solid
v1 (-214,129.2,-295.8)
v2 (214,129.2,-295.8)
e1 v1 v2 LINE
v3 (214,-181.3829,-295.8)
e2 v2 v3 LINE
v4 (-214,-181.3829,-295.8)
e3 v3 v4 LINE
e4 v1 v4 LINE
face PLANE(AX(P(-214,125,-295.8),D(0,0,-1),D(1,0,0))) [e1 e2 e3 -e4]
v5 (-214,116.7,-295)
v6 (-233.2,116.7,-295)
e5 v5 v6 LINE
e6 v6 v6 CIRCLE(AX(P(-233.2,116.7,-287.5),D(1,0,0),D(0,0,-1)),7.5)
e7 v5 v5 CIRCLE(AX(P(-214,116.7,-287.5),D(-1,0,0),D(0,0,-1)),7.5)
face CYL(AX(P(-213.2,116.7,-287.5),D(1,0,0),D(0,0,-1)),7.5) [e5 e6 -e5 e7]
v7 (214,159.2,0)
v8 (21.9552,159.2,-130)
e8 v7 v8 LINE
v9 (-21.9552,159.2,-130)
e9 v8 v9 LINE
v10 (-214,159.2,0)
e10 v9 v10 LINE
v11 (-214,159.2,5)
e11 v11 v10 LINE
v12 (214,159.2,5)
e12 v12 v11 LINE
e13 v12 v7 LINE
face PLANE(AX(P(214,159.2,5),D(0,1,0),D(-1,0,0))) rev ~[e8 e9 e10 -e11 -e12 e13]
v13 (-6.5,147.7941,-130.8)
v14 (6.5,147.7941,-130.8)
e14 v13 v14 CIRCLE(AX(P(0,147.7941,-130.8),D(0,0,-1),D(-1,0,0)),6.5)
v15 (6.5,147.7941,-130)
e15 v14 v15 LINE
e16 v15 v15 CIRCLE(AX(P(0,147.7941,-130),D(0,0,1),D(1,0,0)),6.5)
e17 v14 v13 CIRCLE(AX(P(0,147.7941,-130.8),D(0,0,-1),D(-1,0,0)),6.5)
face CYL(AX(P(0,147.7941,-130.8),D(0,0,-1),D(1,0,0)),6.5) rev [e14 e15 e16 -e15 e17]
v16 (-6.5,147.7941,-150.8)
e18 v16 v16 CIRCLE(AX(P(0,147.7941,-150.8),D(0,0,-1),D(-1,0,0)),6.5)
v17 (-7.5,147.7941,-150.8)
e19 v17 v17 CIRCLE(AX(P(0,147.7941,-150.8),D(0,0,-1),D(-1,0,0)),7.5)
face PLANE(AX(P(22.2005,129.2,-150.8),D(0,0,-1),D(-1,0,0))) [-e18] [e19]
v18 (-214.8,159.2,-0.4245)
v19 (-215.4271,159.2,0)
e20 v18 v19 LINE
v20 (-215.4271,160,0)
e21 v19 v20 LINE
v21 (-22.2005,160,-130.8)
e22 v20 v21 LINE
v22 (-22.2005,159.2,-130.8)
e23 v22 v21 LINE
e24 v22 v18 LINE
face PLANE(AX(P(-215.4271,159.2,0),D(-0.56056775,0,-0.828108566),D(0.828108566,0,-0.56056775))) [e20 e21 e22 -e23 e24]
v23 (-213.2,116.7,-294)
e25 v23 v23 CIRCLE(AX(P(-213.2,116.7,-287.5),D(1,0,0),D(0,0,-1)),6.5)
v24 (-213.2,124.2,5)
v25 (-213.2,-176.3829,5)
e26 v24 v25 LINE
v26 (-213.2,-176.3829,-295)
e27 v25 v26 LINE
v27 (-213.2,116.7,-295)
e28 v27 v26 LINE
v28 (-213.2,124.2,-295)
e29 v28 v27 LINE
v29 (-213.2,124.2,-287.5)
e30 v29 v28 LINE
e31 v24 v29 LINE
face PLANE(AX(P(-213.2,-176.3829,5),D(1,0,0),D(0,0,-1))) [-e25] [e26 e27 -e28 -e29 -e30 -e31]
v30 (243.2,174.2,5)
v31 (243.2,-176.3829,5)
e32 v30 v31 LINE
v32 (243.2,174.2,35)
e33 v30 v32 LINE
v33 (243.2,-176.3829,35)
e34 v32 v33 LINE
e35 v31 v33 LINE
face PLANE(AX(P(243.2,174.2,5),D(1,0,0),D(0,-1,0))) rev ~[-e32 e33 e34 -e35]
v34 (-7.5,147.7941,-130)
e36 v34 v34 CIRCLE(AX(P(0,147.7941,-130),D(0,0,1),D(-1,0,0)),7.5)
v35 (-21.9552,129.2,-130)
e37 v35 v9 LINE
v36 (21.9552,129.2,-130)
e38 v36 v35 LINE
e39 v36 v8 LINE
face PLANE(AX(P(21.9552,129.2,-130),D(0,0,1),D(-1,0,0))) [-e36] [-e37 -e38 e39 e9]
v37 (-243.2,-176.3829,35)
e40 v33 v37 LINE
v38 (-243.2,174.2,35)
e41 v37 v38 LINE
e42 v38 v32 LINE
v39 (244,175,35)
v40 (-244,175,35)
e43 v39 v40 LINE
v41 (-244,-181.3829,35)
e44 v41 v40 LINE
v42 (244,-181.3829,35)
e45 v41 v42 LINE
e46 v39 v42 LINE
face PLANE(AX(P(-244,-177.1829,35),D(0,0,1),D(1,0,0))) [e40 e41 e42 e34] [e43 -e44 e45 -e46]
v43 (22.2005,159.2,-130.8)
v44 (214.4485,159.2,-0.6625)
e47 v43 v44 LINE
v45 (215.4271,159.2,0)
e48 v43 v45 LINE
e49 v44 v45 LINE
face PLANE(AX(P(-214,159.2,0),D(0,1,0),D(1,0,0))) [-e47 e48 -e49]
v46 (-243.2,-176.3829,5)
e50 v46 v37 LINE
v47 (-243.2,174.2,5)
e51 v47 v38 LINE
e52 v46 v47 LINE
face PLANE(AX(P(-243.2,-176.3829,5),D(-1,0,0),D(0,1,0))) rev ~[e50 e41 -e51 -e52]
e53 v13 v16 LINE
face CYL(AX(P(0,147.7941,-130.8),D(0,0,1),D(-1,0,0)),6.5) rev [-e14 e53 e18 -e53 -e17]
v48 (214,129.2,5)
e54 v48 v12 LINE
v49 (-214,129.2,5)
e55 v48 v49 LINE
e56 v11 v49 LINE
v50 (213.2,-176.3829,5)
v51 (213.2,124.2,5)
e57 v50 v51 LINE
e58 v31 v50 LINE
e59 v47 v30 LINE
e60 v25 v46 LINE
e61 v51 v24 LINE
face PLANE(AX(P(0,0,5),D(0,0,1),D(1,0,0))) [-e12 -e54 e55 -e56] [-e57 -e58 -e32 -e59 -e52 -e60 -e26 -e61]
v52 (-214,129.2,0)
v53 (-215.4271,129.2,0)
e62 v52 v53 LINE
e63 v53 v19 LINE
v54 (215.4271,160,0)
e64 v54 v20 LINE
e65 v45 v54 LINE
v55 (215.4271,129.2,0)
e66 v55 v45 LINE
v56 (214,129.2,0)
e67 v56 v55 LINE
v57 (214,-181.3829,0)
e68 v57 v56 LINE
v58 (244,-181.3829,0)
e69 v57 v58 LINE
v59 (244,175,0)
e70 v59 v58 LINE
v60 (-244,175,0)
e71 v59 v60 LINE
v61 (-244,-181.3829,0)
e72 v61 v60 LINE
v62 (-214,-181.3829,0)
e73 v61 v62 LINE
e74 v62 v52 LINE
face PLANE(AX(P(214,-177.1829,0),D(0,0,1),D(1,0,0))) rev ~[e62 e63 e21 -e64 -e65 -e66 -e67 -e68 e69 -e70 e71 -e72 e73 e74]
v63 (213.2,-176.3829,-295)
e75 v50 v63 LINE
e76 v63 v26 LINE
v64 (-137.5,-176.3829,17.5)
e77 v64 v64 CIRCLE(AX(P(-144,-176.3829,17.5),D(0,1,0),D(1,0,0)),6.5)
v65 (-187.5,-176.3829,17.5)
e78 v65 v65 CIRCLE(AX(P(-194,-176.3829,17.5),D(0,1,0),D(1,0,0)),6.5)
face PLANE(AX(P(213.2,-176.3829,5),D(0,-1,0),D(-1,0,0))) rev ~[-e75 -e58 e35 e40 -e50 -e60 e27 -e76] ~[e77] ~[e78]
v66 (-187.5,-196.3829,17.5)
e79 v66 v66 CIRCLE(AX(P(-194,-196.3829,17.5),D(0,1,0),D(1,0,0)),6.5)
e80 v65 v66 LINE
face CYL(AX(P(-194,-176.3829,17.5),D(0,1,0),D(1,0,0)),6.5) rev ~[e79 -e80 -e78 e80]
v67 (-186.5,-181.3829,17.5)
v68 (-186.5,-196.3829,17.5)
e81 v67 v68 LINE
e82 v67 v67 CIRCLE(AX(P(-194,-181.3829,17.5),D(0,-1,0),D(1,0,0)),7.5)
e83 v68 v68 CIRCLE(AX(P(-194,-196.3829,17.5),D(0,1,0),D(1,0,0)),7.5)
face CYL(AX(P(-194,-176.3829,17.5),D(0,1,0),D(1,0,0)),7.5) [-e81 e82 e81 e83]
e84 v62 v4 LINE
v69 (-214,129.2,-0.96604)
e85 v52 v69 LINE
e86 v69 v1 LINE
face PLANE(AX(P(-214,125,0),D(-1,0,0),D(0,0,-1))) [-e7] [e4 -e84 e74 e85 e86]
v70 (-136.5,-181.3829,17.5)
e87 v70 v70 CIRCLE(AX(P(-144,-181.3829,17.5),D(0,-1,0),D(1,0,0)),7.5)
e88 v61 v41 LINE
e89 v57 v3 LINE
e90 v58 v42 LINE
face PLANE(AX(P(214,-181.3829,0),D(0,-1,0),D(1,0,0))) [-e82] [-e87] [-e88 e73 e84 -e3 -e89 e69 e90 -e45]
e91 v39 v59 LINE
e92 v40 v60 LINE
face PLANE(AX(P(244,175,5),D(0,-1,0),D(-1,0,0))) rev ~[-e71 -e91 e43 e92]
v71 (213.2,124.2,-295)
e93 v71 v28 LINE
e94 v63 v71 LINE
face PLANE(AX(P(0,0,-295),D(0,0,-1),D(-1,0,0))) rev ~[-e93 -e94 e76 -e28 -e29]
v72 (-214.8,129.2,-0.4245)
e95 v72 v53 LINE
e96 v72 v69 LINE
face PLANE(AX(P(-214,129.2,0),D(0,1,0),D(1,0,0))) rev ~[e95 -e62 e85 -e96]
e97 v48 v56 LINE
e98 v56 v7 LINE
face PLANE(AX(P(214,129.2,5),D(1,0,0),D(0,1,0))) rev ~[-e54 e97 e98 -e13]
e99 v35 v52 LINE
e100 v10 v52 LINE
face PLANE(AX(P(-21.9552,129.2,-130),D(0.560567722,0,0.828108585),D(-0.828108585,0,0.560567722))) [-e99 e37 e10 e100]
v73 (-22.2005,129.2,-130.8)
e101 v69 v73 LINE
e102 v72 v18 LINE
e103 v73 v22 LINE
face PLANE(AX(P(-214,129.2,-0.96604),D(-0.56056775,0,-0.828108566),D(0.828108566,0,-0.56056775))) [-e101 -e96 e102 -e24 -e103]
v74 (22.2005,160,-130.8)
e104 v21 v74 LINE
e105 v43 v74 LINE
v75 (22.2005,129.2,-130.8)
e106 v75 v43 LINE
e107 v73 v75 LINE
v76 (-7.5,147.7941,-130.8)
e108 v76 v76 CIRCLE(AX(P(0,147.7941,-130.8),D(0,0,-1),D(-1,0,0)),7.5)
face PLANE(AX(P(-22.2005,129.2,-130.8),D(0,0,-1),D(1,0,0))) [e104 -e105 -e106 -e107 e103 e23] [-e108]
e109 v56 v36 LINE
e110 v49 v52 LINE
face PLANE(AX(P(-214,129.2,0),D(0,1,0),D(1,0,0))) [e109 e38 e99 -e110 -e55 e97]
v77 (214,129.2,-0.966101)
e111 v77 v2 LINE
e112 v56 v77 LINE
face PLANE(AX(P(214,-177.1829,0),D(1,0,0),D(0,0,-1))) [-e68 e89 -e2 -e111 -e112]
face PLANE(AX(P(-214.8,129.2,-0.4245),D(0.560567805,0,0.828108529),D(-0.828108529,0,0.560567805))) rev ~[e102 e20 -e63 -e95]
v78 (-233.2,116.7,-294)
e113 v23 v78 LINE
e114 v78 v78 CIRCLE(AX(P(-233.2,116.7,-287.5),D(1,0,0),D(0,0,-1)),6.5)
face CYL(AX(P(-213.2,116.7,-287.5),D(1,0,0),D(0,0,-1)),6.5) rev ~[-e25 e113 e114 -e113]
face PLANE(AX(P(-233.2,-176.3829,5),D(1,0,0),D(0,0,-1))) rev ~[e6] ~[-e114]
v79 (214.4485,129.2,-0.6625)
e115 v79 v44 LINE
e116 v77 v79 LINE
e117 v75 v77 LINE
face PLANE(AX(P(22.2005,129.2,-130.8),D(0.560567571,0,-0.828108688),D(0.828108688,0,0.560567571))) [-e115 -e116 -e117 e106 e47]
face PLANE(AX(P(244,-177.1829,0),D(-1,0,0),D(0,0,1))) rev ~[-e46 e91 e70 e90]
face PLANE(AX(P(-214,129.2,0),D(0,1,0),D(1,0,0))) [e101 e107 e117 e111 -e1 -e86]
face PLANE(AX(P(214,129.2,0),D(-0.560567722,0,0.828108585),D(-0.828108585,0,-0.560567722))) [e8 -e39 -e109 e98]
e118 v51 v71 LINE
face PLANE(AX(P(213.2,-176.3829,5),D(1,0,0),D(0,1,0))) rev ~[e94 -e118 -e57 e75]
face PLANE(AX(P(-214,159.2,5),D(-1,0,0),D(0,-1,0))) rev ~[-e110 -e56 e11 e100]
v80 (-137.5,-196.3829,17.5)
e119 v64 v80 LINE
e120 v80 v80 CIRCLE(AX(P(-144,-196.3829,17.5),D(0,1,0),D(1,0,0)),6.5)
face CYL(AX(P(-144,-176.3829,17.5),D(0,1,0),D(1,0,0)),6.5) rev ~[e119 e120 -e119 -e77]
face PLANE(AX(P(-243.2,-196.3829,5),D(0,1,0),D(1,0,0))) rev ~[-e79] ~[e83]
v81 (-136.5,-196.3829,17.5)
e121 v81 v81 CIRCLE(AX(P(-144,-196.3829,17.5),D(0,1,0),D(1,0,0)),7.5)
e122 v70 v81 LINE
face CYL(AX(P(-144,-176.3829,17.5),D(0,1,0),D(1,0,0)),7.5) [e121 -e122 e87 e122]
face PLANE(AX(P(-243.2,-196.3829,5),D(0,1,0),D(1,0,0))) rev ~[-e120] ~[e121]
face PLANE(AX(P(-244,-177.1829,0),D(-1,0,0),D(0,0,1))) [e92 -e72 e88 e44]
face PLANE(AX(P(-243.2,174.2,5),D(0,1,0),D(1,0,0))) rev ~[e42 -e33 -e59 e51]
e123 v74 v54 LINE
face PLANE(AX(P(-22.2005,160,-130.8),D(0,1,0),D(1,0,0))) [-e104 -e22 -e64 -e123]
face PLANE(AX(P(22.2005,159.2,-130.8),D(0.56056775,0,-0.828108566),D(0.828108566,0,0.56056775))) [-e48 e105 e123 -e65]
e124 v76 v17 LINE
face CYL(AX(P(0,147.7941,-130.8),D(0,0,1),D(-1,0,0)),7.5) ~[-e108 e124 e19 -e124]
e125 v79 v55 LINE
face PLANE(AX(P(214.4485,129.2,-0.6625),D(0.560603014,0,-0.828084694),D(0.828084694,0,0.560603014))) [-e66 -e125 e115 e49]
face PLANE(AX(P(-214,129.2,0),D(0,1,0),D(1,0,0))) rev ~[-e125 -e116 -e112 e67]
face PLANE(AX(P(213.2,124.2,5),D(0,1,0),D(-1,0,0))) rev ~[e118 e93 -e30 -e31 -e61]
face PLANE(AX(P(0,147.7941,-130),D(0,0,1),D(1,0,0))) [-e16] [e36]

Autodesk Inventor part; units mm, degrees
ref_plane "YZ Plane" through (0, 0, 0) normal (1, 0, 0) x (0, 1, 0)
ref_plane "XZ Plane" through (0, 0, 0) normal (0, 1, 0) x (-1, 0, 0)
ref_plane "XY Plane" through (0, 0, 0) normal (0, 0, 1) x (1, 0, 0)
sketch "Sketch1" plane through (0, 0, 0) normal (0, 0, 1) x (1, 0, 0)
  line L0 (-204, -167.1829) -> (204, -167.1829) construction
  line L1 (204, -167.1829) -> (204, 115) construction
  line L2 (204, 115) -> (-204, 115) construction
  line L3 (-204, 115) -> (-204, -167.1829) construction
  line L4 (-214, -177.1829) -> (214, -177.1829)
  line L5 (214, -177.1829) -> (214, 125)
  line L6 (214, 125) -> (-214, 125)
  line L7 (-214, 125) -> (-214, -177.1829)
  line L8 (-244, -177.1829) -> (244, -177.1829)
  line L9 (244, -177.1829) -> (244, 175)
  line L10 (244, 175) -> (-244, 175)
  line L11 (-244, 175) -> (-244, -177.1829)
  point P0 (0, 0)
  dimension "d0" = 10
  dimension "d1" = 30
  dimension "d2" = 30
  dimension "d3" = 50
extrude "Extrusion1" add sketch "Sketch1" along normal blind 5 contours L8 L11 L10 L9 L5 L6 L7
sketch "Sketch2" plane through (0, 0, 5) normal (0, 0, 1) x (1, 0, 0)
  line L0 (-214, -177.1829) -> (-214, 125) projected
  line L1 (-214, 125) -> (214, 125) projected
  line L2 (214, 125) -> (214, -177.1829) projected
  line L3 (214, -177.1829) -> (244, -177.1829) projected
  line L4 (244, -177.1829) -> (244, 175) projected
  line L5 (244, 175) -> (-244, 175) projected
  line L6 (-244, 175) -> (-244, -177.1829) projected
  line L7 (-244, -177.1829) -> (-214, -177.1829) projected
  line L8 (213.2, 124.2) -> (-213.2, 124.2)
  line L9 (-213.2, 124.2) -> (-213.2, -176.3829)
  line L10 (-244, -177.9829) -> (-244.8, -177.9829)
  line L11 (-244.8, -177.9829) -> (-244.8, 175.8)
  line L12 (-244.8, 175.8) -> (244.8, 175.8)
  line L13 (244.8, 175.8) -> (244.8, -177.9829)
  line L14 (244.8, -177.9829) -> (213.2, -177.9829)
  line L15 (214, 125) -> (214, -177.1829) projected
  line L16 (-244, -177.1829) -> (-214, -177.1829) projected
  line L17 (213.2, -177.1829) -> (-214, -177.1829)
  line L18 (213.2, -176.3829) -> (-213.2, -176.3829)
  line L19 (213.2, -177.1829) -> (214, -177.1829)
  line L20 (213.2, -177.9829) -> (213.2, -177.1829)
  line L21 (213.2, -176.3829) -> (213.2, 124.2)
  point P0 (0, 0)
  dimension "d6" = 0.8
  dimension "d7" = 0.8
extrude "Extrusion2" add sketch "Sketch2" against normal blind 300 contours L0 L1 L2 L19 L17
sketch "Sketch3" plane through (0, 0, 5) normal (0, 0, 1) x (1, 0, 0)
  line L0 (-213.2, -176.3829) -> (-213.2, 124.2) projected
  line L1 (-213.2, 124.2) -> (213.2, 124.2) projected
  line L2 (213.2, 124.2) -> (213.2, -176.3829) projected
  line L3 (213.2, -176.3829) -> (-213.2, -176.3829) projected
  line L4 (-244, -177.1829) -> (244, -177.1829) projected
  line L5 (244, -177.1829) -> (244, 175) projected
  line L6 (244, 175) -> (-244, 175) projected
  line L7 (-244, 175) -> (-244, -177.1829) projected
  line L8 (243.2, -176.3829) -> (-243.2, -176.3829)
  line L9 (-243.2, -176.3829) -> (-243.2, 174.2)
  line L10 (-243.2, 174.2) -> (243.2, 174.2)
  line L11 (243.2, 174.2) -> (243.2, -176.3829)
  point P0 (0, 0)
  dimension "d10" = 0.8
extrude "Extrusion3" add sketch "Sketch3" along normal blind 30
sketch "Sketch5" plane through (0, 0, -295) normal (0, 0, -1) x (-1, 0, 0)
  line L0 (213.2, 124.2) -> (213.2, -176.3829) projected
  line L1 (213.2, -176.3829) -> (-213.2, -176.3829) projected
  line L2 (-213.2, -176.3829) -> (-213.2, 124.2) projected
  line L3 (-213.2, 124.2) -> (213.2, 124.2) projected
  line L4 (-214, -177.1829) -> (214, -177.1829) projected
  line L5 (214, -177.1829) -> (214, 125) projected
  line L6 (214, 125) -> (-214, 125) projected
  line L7 (-214, 125) -> (-214, -177.1829) projected
  point P0 (0, 0)
extrude "Extrusion5" add sketch "Sketch5" along normal blind 0.8 contours L0 L1 L2 L3 | L7 L6 L5 L4
sketch "Sketch7" plane through (214, -177.1829, 0) normal (0, -1, 0) x (1, 0, 0)
  line L0 (0, 0) -> (30, 0) projected
  line L1 (30, 0) -> (30, 35) projected
  line L2 (-458, 35) -> (30, 35) projected
  line L3 (-458, 0) -> (-458, 35) projected
  line L4 (-458, 0) -> (-428, 0) projected
  line L5 (-428, 0) -> (-428, -295.8) projected
  line L6 (0, -295.8) -> (-428, -295.8) projected
  line L7 (0, 0) -> (0, -295.8) projected
  point P0 (-214, 0)
extrude "Extrusion7" add sketch "Sketch7" along normal blind 4.2
sketch "Sketch10" plane through (-214, 125, 0) normal (0, 1, 0) x (1, 0, 0)
  line L0 (428, 0) -> (0, 0) projected
  line L1 (428, 0) -> (428, 295.8) projected
  line L2 (0, 295.8) -> (428, 295.8) projected
  line L3 (0, 0) -> (0, 295.8) projected
  point P0 (214, 0)
extrude "Extrusion10" add sketch "Sketch10" along normal blind 4.2
sketch "Sketch12" plane through (0, 0, 5) normal (0, 0, 1) x (1, 0, 0)
  line L0 (214, 129.2) -> (-214, 129.2) projected
  line L1 (-214, 129.2) -> (214, 129.2)
  line L2 (214, 129.2) -> (214, 159.2)
  line L3 (214, 159.2) -> (-214, 159.2)
  line L4 (-214, 159.2) -> (-214, 129.2)
  point P0 (0, 0)
  dimension "d35" = 30
extrude "Extrusion12" cut sketch "Sketch12" against normal through all
sketch "Sketch13" plane through (-214, 129.2, 0) normal (0, 1, 0) x (1, 0, 0)
  line L0 (428, -5) -> (428, 0) projected
  line L1 (0, -5) -> (0, 0) projected
  line L2 (214, -68.5291) -> (214, 358.2531) construction
  line L3 (428, 0) -> (235.9552, 130)
  line L4 (192.0448, 130) -> (0, 0)
  line L5 (-29.2, -5) -> (0.8, -5) projected
  line L6 (428, 0) -> (458, 0) projected
  line L7 (235.9552, 130) -> (192.0448, 130)
  line L8 (-0.8, 0.4245) -> (191.7995, 130.8)
  line L9 (191.7995, 130.8) -> (236.2005, 130.8)
  line L10 (236.2005, 130.8) -> (428.4485, 0.6625)
  line L11 (428.4485, 0.6625) -> (429.4271, 0)
  line L12 (-0.8, 0.4245) -> (-1.4271, 0)
  line L13 (429.4271, 0) -> (428, 0)
  line L14 (0, 0) -> (0, 295.8) projected
  line L15 (0, 0) -> (-1.4271, 0)
  point P0 (214, 0)
  point P1 (427.2, -5)
  dimension "d41" = 0.8
extrude "Extrusion13" add sketch "Sketch13" along normal up to surface (30 mm away)
sketch "Sketch14" plane through (-22.2005, 159.2, -130.8) normal (0, 1, 0) x (1, 0, 0)
  line L0 (236.2005, -130.8) -> (44.1556, -0.8) projected
  line L1 (237.6276, -130.8) -> (236.2005, -130.8) projected
  line L2 (44.401, 0) -> (237.6276, -130.8) projected
  line L3 (0, 0) -> (44.401, 0) projected
  line L4 (-193.2266, -130.8) -> (0, 0) projected
  line L5 (-191.7995, -130.8) -> (-193.2266, -130.8) projected
  line L6 (0.2453, -0.8) -> (-191.7995, -130.8) projected
  line L7 (44.1556, -0.8) -> (0.2453, -0.8) projected
  line L8 (236.2005, -130.8) -> (44.1556, -0.8) projected
  line L9 (236.2005, -130.8) -> (-191.7995, -130.8) projected
  line L10 (236.2005, -130.8) -> (-191.7995, -130.8)
  point P0 (22.2005, -130.8)
extrude "Extrusion14" add sketch "Sketch14" along normal blind 0.8
sketch "Sketch15" plane through (-22.2005, 160, -130.8) normal (0, 1, 0) x (1, 0, 0)
  point P0 (22.2005, -130.8)
sketch "Sketch16" plane through (22.2005, 129.2, -130.8) normal (0, 0, -1) x (-1, 0, 0)
  circle A0 centre (22.2005, 18.5941) radius 7.5
  point P0 (22.2005, -129.2)
  dimension "d46" = 15
extrude "Extrusion15" cut sketch "Sketch16" against normal blind 0.8
sketch "Sketch17" plane through (22.2005, 129.2, -130.8) normal (0, 0, -1) x (-1, 0, 0)
  circle A0 centre (22.2005, 18.5941) radius 7.5 projected
  circle A1 centre (22.2005, 18.5941) radius 6.5
  point P0 (22.2005, -129.2)
  dimension "d49" = 1
extrude "Extrusion16" add sketch "Sketch17" along normal blind 20
sketch "Sketch18" plane through (214, -181.3829, 0) normal (0, -1, 0) x (1, 0, 0)
  circle A0 centre (-408, 17.5) radius 7.5
  circle A1 centre (-358, 17.5) radius 7.5
  line L0 (-458, 35) -> (-458, 0) projected
  point P0 (-214, 0)
  dimension "d52" = 15
  dimension "d53" = 15
  dimension "d54" = 50
  dimension "d55" = 50
extrude "Extrusion17" cut sketch "Sketch18" against normal blind 20
sketch "Sketch19" plane through (-243.2, -176.3829, 5) normal (0, 1, 0) x (1, 0, 0)
  circle A0 centre (99.2, -12.5) radius 7.5 projected
  circle A1 centre (49.2, -12.5) radius 7.5 projected
  circle A2 centre (99.2, -12.5) radius 6.5
  circle A3 centre (49.2, -12.5) radius 6.5
  point P0 (243.2, 5)
  dimension "d58" = 1
  dimension "d59" = 1
extrude "Extrusion18" add sketch "Sketch19" against normal blind 20
sketch "Sketch20" plane through (0, 147.7941, -130.8) normal (0, 0, 1) x (1, 0, 0)
  circle A0 centre (0, 0) radius 6.5 projected
  circle A1 centre (0, 0) radius 7.5 projected
  point P0 (0, -147.7941)
extrude "Extrusion19" add sketch "Sketch20" along normal up to surface (0.8 mm away)
sketch "Sketch21" plane through (-214, -181.3829, -295.8) normal (-1, 0, 0) x (0, 0, 1)
  line L0 (300.8, 305.5829) -> (0.8, 305.5829) projected
  line L1 (0.8, 305.5829) -> (0.8, 5) projected
  circle A0 centre (8.3, 298.0829) radius 7.5
  point P0 (295.8, 181.3829)
  dimension "d64" = 15
extrude "Extrusion20" cut sketch "Sketch21" against normal blind 20 contours A0
sketch "Sketch22" plane through (-213.2, -176.3829, 5) normal (1, 0, 0) x (0, 0, -1)
  circle A0 centre (292.5, 293.0829) radius 7.5 projected
  circle A1 centre (292.5, 293.0829) radius 6.5
  point P0 (5, 176.3829)
  dimension "d67" = 1
extrude "Extrusion21" add sketch "Sketch22" against normal blind 20
properties part number "Tank2"
